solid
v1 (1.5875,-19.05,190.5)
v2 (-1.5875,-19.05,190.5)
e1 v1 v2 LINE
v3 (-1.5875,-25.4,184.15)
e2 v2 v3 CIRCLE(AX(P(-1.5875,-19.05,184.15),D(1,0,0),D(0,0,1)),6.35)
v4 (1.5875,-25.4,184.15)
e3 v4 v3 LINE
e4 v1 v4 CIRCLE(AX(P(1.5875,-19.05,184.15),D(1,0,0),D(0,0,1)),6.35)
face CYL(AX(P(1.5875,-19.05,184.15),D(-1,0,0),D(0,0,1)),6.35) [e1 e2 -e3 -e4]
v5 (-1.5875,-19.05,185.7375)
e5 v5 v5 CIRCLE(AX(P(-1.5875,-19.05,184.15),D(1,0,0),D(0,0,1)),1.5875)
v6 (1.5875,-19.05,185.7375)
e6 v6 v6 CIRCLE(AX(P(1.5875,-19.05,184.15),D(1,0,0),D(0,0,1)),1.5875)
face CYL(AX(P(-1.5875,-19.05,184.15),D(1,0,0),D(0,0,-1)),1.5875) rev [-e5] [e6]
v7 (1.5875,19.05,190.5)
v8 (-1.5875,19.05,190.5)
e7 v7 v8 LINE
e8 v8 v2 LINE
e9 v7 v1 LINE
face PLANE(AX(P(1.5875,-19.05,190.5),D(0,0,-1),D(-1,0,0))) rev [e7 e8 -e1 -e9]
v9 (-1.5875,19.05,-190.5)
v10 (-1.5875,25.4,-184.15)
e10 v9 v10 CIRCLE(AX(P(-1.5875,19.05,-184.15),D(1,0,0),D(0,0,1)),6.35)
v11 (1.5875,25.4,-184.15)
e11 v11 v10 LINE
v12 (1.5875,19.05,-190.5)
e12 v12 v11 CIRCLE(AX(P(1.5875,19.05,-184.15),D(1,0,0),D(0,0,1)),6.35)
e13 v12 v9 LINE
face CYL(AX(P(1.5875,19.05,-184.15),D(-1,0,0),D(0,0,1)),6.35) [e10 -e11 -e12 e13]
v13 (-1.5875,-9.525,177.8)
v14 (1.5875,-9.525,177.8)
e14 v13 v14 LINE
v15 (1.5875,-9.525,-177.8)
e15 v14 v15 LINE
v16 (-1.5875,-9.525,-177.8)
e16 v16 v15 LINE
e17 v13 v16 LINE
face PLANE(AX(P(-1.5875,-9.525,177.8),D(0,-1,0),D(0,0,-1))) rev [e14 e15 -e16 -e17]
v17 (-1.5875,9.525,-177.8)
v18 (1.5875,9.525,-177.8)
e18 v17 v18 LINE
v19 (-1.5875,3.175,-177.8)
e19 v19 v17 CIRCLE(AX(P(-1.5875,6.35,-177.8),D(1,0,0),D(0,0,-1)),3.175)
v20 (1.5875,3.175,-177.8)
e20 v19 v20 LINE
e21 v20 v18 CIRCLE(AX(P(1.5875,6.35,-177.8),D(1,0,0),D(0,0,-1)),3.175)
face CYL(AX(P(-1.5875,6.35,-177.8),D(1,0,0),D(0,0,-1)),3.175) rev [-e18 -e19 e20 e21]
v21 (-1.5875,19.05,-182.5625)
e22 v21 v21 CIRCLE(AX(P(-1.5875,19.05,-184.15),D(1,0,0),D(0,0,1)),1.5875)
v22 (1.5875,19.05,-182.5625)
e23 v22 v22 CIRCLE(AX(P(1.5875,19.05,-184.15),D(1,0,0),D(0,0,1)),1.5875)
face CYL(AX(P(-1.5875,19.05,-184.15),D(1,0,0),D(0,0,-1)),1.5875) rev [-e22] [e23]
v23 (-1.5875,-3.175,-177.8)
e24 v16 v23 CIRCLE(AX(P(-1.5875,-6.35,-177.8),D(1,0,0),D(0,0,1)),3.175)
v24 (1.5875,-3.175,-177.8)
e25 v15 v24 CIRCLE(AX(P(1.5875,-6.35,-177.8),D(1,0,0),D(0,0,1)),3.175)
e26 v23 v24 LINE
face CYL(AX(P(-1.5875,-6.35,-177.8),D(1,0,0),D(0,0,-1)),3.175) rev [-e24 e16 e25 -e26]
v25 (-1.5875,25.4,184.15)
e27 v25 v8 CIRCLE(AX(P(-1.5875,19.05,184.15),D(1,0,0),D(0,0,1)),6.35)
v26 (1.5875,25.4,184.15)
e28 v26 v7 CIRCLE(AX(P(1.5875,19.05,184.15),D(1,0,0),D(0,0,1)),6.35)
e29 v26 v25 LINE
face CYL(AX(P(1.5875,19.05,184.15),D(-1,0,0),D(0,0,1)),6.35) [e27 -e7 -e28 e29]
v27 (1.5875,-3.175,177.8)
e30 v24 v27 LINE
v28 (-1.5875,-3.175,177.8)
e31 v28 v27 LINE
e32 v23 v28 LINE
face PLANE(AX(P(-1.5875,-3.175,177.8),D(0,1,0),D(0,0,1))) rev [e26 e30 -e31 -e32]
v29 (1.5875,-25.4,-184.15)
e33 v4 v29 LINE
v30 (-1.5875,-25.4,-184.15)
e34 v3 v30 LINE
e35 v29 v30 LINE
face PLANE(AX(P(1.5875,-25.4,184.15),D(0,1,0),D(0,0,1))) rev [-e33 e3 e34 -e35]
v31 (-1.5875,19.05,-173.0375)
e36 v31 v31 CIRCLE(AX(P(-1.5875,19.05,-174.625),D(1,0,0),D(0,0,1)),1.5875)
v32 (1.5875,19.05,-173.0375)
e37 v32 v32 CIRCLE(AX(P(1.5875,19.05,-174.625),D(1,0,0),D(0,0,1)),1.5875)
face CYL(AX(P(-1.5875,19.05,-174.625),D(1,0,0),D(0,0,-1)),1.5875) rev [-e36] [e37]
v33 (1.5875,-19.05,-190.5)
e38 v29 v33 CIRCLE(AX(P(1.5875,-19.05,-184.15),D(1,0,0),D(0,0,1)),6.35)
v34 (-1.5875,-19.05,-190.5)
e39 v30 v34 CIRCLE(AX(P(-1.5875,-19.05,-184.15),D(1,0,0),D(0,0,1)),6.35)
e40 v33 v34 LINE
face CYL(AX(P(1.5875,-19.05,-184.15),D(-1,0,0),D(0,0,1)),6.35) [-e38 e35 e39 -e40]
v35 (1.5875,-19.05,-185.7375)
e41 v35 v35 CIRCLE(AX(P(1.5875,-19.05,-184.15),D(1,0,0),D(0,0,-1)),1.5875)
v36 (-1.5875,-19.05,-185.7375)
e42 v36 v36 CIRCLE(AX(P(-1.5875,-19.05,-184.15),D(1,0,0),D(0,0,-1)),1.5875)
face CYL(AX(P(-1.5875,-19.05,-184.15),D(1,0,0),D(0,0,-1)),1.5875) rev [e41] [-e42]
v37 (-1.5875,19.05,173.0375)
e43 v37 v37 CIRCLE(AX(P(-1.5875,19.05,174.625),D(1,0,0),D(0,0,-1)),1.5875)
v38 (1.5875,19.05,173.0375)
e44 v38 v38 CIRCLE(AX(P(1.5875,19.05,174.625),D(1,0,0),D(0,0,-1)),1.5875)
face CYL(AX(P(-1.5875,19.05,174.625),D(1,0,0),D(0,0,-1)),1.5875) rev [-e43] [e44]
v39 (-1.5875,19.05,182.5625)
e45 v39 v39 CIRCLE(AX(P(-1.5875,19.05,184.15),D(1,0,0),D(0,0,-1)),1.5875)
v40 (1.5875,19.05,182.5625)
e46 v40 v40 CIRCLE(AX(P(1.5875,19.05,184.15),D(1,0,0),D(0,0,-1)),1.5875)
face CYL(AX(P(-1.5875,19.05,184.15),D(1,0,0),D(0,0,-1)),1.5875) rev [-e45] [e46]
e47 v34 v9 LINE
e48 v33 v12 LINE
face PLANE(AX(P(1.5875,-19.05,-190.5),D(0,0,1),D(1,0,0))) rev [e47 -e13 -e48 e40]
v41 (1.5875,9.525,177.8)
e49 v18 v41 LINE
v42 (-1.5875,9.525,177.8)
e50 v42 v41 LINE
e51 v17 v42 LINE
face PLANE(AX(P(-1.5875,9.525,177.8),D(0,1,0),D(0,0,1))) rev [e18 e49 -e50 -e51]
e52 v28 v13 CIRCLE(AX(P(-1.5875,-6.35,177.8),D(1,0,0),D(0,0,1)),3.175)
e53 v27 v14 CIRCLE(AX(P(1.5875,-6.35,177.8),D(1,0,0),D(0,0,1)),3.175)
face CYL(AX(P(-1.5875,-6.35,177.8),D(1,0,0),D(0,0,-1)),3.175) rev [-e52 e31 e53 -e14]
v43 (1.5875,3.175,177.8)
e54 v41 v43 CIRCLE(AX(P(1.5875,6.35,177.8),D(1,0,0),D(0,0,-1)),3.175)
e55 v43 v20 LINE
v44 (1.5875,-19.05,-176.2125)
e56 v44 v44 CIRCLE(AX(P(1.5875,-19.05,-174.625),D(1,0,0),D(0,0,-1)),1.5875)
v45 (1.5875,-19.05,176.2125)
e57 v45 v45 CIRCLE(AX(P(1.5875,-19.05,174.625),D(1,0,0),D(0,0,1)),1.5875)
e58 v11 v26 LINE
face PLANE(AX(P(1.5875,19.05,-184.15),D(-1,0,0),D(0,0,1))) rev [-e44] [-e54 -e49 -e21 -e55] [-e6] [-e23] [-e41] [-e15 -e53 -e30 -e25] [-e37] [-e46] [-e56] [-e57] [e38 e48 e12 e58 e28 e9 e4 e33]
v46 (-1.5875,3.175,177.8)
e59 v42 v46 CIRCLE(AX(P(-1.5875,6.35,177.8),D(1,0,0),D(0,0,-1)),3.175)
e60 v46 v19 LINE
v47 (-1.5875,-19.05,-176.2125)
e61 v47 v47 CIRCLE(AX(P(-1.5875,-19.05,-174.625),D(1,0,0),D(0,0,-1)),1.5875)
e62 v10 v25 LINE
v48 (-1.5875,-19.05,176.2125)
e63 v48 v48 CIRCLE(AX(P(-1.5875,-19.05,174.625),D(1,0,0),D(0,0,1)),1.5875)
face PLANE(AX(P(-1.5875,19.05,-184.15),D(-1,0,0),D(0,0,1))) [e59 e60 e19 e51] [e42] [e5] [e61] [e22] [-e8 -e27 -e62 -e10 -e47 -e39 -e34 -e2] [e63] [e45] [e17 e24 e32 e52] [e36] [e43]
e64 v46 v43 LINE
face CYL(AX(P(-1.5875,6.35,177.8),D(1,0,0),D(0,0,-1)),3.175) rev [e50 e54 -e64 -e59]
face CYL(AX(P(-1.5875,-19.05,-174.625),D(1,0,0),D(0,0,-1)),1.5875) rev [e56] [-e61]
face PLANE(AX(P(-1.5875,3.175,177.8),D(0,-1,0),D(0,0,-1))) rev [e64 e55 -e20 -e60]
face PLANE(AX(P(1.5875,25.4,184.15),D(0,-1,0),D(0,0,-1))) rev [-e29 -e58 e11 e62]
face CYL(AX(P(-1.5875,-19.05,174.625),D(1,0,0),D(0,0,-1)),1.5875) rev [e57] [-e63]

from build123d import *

# Parameters (mm, degrees)
OUTER_CUT_DEPTH   = 1.5875
SLOTS_DEPTH       = 193.212098019
SKETCH3_R         = 1.5875
MOUNT_HOLES_DEPTH = 193.212098019


with BuildPart() as part:
    # Sketch1 → Outer Cut (new, symmetric)
    with BuildSketch(Plane(origin=(0, 0, 0), x_dir=(0, 0, -1), z_dir=(1, 0, 0))):
        with BuildLine():
            Line((-184.15, -25.4), (184.15, -25.4))
            ThreePointArc((184.15, -25.4), (188.640128061, -23.540128061), (190.5, -19.05))
            Line((190.5, -19.05), (190.5, 19.05))
            ThreePointArc((190.5, 19.05), (188.640128061, 23.540128061), (184.15, 25.4))
            Line((184.15, 25.4), (-184.15, 25.4))
            ThreePointArc((-184.15, 25.4), (-188.640128061, 23.540128061), (-190.5, 19.05))
            Line((-190.5, 19.05), (-190.5, -19.05))
            ThreePointArc((-190.5, -19.05), (-188.640128061, -23.540128061), (-184.15, -25.4))
        make_face()
    extrude(amount=OUTER_CUT_DEPTH, both=True)

    # Sketch2 → Slots (cut, through all)
    with BuildSketch(Plane(origin=(1.5875, 0, 0), x_dir=(0, 0, -1), z_dir=(1, 0, 0))):
        with BuildLine():
            Line((-177.8, 9.525), (177.8, 9.525))
            ThreePointArc((177.8, 9.525), (180.975, 6.35), (177.8, 3.175))
            Line((177.8, 3.175), (-177.8, 3.175))
            ThreePointArc((-177.8, 3.175), (-180.975, 6.35), (-177.8, 9.525))
        make_face()
        with BuildLine():
            Line((-177.8, -9.525), (177.8, -9.525))
            ThreePointArc((177.8, -9.525), (180.975, -6.35), (177.8, -3.175))
            Line((177.8, -3.175), (-177.8, -3.175))
            ThreePointArc((-177.8, -3.175), (-180.975, -6.35), (-177.8, -9.525))
        make_face()
    extrude(amount=-SLOTS_DEPTH, mode=Mode.SUBTRACT)

    # Sketch3 → Mount Holes (cut, through all)
    with BuildSketch(Plane(origin=(1.5875, 0, 0), x_dir=(0, 0, -1), z_dir=(1, 0, 0))):
        with Locations((-184.15, 19.05)):
            Circle(SKETCH3_R)
        with Locations((-174.625, 19.05)):
            Circle(SKETCH3_R)
        with Locations(Location((-174.625, -19.05, 0), (0, 0, 180))):
            Circle(SKETCH3_R)
        with Locations(Location((-184.15, -19.05, 0), (0, 0, 180))):
            Circle(SKETCH3_R)
        with Locations(Location((174.625, 19.05, 0), (0, 0, 180))):
            Circle(SKETCH3_R)
        with Locations(Location((184.15, 19.05, 0), (0, 0, 180))):
            Circle(SKETCH3_R)
        with Locations((184.15, -19.05)):
            Circle(SKETCH3_R)
        with Locations((174.625, -19.05)):
            Circle(SKETCH3_R)
    extrude(amount=-MOUNT_HOLES_DEPTH, mode=Mode.SUBTRACT)


solid = part.part
